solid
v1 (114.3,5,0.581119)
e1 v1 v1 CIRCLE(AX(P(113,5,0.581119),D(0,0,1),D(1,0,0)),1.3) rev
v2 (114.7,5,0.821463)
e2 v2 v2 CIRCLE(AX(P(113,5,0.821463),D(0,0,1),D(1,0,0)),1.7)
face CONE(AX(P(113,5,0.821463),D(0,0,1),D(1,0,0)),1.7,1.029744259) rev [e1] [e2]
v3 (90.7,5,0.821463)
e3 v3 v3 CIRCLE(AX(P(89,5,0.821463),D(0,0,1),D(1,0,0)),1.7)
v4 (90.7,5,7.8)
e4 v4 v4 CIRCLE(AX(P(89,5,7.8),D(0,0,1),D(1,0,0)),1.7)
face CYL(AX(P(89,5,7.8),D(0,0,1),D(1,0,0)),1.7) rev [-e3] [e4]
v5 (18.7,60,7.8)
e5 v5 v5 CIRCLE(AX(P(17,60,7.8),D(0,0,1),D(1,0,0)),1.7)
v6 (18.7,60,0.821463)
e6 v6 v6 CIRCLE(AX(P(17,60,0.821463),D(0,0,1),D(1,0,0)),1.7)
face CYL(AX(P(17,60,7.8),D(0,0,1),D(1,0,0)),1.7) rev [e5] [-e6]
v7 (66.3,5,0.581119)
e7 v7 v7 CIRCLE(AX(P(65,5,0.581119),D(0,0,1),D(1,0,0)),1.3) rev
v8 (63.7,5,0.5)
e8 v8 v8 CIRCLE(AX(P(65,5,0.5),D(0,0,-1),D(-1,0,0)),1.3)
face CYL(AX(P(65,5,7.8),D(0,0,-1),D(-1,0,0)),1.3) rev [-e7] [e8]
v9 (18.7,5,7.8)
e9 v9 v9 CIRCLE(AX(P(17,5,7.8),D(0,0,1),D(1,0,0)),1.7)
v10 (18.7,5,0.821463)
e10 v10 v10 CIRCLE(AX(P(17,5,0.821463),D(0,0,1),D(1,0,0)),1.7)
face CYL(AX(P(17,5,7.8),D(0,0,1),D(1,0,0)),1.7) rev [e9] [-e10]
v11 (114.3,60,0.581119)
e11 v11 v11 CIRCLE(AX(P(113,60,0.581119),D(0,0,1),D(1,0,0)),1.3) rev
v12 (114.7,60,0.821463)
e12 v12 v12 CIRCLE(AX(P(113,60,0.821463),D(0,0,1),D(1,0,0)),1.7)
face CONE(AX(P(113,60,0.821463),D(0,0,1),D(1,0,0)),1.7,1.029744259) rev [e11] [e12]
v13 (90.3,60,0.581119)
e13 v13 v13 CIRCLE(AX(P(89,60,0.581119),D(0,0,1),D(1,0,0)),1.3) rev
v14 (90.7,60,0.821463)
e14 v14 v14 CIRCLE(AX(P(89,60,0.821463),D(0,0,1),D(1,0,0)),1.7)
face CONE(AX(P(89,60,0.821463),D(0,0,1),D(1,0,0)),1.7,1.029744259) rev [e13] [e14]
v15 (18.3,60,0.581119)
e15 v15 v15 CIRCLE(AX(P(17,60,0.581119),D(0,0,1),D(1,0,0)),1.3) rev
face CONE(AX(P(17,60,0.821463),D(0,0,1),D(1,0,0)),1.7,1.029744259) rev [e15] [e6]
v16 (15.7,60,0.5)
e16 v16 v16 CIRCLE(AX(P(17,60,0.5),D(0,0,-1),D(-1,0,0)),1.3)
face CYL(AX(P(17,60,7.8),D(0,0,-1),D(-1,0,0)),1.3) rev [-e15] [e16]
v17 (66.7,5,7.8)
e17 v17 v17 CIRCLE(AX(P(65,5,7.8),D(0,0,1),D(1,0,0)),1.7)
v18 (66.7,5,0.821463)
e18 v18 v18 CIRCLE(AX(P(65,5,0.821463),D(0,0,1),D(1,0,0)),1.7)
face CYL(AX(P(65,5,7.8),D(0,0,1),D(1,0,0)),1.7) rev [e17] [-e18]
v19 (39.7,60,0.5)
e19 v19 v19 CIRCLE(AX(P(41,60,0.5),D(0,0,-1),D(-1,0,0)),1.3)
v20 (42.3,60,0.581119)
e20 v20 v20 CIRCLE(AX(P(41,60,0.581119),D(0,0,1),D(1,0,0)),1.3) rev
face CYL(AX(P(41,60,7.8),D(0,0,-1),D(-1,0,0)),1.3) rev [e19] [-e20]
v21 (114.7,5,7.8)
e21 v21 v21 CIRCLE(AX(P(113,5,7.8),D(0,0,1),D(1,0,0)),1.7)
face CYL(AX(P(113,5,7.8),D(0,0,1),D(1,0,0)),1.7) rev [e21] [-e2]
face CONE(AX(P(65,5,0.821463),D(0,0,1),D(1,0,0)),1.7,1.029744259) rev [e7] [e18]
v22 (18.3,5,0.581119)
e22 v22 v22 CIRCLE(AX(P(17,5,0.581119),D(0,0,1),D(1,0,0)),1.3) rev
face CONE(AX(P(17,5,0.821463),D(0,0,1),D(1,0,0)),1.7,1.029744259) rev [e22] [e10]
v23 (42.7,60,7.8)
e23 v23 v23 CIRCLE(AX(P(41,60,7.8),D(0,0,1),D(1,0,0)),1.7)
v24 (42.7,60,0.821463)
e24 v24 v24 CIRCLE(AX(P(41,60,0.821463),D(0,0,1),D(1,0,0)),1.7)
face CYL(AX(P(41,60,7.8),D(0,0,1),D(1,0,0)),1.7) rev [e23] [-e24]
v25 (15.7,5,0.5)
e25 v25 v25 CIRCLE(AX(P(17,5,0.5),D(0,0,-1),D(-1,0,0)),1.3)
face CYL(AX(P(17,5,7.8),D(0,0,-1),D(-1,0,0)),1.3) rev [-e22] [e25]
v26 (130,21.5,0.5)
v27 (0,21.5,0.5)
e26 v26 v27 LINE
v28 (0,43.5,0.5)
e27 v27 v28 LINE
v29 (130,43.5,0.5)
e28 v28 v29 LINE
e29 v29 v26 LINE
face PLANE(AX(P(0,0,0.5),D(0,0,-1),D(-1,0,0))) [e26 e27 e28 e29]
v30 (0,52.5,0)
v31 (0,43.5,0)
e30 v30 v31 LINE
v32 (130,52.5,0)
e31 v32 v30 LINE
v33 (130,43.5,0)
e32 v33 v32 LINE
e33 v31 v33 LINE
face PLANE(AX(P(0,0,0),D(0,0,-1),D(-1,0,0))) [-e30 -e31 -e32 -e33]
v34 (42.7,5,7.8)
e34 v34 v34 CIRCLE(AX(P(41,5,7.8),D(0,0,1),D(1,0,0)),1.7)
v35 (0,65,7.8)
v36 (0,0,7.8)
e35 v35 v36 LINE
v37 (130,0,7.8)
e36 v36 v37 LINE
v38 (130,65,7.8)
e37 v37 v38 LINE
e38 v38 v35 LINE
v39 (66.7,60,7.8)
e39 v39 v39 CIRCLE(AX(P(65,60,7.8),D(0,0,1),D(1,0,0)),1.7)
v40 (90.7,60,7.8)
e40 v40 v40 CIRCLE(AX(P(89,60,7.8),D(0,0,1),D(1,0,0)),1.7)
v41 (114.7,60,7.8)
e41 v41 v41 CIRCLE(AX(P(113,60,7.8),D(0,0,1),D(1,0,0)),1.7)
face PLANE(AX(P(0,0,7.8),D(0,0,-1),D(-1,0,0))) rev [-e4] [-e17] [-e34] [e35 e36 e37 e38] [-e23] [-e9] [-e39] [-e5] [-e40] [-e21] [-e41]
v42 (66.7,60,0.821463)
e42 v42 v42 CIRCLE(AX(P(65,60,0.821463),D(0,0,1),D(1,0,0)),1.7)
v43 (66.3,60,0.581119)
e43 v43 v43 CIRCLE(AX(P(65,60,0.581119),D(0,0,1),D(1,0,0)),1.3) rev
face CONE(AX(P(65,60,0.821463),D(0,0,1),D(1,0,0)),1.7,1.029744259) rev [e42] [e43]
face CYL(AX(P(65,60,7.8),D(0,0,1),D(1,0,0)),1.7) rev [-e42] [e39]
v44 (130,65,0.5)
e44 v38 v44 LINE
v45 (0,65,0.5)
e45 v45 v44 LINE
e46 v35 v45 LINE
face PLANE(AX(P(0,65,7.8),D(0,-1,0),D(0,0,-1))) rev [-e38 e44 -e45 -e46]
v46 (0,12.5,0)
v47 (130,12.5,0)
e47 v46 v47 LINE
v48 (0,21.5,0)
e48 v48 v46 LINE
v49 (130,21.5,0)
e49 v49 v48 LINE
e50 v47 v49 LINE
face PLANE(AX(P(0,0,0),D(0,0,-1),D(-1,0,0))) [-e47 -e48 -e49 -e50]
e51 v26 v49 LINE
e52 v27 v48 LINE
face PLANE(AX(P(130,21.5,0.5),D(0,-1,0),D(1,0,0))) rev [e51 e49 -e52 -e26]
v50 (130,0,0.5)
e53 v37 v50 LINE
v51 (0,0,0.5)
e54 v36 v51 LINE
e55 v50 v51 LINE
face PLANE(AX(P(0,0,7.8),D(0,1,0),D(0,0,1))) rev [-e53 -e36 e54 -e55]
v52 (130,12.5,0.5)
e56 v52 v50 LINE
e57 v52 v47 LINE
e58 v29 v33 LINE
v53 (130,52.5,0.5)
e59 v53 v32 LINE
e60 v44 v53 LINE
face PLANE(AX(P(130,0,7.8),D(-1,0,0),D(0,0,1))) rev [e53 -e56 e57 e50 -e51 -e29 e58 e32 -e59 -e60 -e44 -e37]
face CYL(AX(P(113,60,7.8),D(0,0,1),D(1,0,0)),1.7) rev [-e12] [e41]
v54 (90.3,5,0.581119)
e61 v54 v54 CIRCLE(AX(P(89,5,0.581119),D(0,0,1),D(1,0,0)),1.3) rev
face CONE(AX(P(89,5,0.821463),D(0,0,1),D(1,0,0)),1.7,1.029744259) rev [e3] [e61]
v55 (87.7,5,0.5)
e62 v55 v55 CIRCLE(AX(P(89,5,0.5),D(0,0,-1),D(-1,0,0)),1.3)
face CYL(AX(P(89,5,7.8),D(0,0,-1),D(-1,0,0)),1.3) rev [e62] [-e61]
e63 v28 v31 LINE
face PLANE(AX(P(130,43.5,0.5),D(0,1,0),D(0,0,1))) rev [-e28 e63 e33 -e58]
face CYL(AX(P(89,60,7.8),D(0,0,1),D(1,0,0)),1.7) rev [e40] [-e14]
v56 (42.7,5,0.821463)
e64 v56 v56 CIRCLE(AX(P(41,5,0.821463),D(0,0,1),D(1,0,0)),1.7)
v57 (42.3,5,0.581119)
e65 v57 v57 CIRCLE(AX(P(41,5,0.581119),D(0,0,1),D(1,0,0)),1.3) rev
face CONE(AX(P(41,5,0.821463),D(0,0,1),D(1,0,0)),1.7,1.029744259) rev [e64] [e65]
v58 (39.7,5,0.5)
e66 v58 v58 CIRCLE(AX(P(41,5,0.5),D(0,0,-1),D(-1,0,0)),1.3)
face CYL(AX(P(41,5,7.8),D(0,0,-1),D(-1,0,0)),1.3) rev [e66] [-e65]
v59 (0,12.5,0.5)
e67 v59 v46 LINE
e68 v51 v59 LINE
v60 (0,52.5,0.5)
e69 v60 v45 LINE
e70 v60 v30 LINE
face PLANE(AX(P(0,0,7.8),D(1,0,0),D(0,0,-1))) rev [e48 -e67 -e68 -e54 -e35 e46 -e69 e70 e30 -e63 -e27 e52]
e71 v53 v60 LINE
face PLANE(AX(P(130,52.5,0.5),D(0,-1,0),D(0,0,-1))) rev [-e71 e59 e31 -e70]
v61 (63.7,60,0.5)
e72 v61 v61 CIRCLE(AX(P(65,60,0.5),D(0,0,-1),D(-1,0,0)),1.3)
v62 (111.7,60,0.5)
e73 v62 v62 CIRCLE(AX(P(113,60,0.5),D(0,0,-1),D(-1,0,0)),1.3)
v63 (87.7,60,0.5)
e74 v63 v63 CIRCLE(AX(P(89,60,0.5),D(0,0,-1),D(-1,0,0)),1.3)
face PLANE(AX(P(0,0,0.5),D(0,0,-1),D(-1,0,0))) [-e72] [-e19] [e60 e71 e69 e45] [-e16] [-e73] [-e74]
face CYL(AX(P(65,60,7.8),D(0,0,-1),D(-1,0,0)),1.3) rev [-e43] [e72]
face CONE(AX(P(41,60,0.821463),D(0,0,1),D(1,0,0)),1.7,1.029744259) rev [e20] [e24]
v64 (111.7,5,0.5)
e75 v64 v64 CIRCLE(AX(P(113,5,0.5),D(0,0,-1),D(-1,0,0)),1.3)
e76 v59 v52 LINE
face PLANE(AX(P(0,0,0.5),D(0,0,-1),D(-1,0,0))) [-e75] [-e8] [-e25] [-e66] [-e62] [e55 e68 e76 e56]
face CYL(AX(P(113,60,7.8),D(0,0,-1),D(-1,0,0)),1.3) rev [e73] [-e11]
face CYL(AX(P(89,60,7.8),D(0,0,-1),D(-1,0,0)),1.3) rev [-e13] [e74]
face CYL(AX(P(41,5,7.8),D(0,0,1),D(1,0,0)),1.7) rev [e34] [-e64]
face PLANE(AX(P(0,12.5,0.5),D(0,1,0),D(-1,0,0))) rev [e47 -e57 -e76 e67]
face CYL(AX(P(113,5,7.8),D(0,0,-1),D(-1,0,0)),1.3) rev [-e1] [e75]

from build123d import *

# Parameters (mm, degrees)
ESQUISSE1_W             = 130
ESQUISSE1_H             = 65
ESQUISSE1_R             = 1.3
BOSS_EXTRU_1_DEPTH      = 7.8
ESQUISSE2_W             = 130
ESQUISSE2_H             = 12.5
ESQUISSE2_H_2           = 22
ENL_V_MAT_EXTRU_1_DEPTH = 0.5
D_GAGEMENT_M3_D         = 3.4
D_GAGEMENT_M3_DEPTH     = 6.978536948
D_GAGEMENT_M3_TIP       = 1.021463052


with BuildPart() as part:
    # Esquisse1 → Boss.-Extru.1 (new body)
    with BuildSketch(Plane.XY):
        with Locations((65, 32.5)):
            Rectangle(ESQUISSE1_W, ESQUISSE1_H)
        with Locations((113, 5)):
            Circle(ESQUISSE1_R, mode=Mode.SUBTRACT)
        with Locations((89, 5)):
            Circle(ESQUISSE1_R, mode=Mode.SUBTRACT)
        with Locations((65, 5)):
            Circle(ESQUISSE1_R, mode=Mode.SUBTRACT)
        with Locations((41, 5)):
            Circle(ESQUISSE1_R, mode=Mode.SUBTRACT)
        with Locations((17, 5)):
            Circle(ESQUISSE1_R, mode=Mode.SUBTRACT)
        with Locations((113, 60)):
            Circle(ESQUISSE1_R, mode=Mode.SUBTRACT)
        with Locations((89, 60)):
            Circle(ESQUISSE1_R, mode=Mode.SUBTRACT)
        with Locations((65, 60)):
            Circle(ESQUISSE1_R, mode=Mode.SUBTRACT)
        with Locations((41, 60)):
            Circle(ESQUISSE1_R, mode=Mode.SUBTRACT)
        with Locations((17, 60)):
            Circle(ESQUISSE1_R, mode=Mode.SUBTRACT)
    extrude(amount=BOSS_EXTRU_1_DEPTH)

    # Esquisse2 → Enlèv. mat.-Extru.1 (cut)
    with BuildSketch(Plane(origin=(0, 0, 0), x_dir=(-1, 0, 0), z_dir=(0, 0, -1))):
        with Locations((-65, 58.75)):
            Rectangle(ESQUISSE2_W, ESQUISSE2_H)
        with Locations((-65, 6.25)):
            Rectangle(ESQUISSE2_W, ESQUISSE2_H)
        with Locations((-65, 32.5)):
            Rectangle(ESQUISSE2_W, ESQUISSE2_H_2)
    extrude(amount=-ENL_V_MAT_EXTRU_1_DEPTH, mode=Mode.SUBTRACT)

    # Dégagement M3
    with Locations(Plane.XY.offset(7.8)):
        with Locations((17, 60), (41, 60), (65, 60), (89, 60), (113, 60), (113, 5), (89, 5), (65, 5), (41, 5), (17, 5)):
            Hole(D_GAGEMENT_M3_D / 2, depth=D_GAGEMENT_M3_DEPTH)
            with Locations((0, 0, -(D_GAGEMENT_M3_DEPTH + D_GAGEMENT_M3_TIP / 2))):  # 118° drill point
                Cone(0, D_GAGEMENT_M3_D / 2, D_GAGEMENT_M3_TIP, mode=Mode.SUBTRACT)


solid = part.part
